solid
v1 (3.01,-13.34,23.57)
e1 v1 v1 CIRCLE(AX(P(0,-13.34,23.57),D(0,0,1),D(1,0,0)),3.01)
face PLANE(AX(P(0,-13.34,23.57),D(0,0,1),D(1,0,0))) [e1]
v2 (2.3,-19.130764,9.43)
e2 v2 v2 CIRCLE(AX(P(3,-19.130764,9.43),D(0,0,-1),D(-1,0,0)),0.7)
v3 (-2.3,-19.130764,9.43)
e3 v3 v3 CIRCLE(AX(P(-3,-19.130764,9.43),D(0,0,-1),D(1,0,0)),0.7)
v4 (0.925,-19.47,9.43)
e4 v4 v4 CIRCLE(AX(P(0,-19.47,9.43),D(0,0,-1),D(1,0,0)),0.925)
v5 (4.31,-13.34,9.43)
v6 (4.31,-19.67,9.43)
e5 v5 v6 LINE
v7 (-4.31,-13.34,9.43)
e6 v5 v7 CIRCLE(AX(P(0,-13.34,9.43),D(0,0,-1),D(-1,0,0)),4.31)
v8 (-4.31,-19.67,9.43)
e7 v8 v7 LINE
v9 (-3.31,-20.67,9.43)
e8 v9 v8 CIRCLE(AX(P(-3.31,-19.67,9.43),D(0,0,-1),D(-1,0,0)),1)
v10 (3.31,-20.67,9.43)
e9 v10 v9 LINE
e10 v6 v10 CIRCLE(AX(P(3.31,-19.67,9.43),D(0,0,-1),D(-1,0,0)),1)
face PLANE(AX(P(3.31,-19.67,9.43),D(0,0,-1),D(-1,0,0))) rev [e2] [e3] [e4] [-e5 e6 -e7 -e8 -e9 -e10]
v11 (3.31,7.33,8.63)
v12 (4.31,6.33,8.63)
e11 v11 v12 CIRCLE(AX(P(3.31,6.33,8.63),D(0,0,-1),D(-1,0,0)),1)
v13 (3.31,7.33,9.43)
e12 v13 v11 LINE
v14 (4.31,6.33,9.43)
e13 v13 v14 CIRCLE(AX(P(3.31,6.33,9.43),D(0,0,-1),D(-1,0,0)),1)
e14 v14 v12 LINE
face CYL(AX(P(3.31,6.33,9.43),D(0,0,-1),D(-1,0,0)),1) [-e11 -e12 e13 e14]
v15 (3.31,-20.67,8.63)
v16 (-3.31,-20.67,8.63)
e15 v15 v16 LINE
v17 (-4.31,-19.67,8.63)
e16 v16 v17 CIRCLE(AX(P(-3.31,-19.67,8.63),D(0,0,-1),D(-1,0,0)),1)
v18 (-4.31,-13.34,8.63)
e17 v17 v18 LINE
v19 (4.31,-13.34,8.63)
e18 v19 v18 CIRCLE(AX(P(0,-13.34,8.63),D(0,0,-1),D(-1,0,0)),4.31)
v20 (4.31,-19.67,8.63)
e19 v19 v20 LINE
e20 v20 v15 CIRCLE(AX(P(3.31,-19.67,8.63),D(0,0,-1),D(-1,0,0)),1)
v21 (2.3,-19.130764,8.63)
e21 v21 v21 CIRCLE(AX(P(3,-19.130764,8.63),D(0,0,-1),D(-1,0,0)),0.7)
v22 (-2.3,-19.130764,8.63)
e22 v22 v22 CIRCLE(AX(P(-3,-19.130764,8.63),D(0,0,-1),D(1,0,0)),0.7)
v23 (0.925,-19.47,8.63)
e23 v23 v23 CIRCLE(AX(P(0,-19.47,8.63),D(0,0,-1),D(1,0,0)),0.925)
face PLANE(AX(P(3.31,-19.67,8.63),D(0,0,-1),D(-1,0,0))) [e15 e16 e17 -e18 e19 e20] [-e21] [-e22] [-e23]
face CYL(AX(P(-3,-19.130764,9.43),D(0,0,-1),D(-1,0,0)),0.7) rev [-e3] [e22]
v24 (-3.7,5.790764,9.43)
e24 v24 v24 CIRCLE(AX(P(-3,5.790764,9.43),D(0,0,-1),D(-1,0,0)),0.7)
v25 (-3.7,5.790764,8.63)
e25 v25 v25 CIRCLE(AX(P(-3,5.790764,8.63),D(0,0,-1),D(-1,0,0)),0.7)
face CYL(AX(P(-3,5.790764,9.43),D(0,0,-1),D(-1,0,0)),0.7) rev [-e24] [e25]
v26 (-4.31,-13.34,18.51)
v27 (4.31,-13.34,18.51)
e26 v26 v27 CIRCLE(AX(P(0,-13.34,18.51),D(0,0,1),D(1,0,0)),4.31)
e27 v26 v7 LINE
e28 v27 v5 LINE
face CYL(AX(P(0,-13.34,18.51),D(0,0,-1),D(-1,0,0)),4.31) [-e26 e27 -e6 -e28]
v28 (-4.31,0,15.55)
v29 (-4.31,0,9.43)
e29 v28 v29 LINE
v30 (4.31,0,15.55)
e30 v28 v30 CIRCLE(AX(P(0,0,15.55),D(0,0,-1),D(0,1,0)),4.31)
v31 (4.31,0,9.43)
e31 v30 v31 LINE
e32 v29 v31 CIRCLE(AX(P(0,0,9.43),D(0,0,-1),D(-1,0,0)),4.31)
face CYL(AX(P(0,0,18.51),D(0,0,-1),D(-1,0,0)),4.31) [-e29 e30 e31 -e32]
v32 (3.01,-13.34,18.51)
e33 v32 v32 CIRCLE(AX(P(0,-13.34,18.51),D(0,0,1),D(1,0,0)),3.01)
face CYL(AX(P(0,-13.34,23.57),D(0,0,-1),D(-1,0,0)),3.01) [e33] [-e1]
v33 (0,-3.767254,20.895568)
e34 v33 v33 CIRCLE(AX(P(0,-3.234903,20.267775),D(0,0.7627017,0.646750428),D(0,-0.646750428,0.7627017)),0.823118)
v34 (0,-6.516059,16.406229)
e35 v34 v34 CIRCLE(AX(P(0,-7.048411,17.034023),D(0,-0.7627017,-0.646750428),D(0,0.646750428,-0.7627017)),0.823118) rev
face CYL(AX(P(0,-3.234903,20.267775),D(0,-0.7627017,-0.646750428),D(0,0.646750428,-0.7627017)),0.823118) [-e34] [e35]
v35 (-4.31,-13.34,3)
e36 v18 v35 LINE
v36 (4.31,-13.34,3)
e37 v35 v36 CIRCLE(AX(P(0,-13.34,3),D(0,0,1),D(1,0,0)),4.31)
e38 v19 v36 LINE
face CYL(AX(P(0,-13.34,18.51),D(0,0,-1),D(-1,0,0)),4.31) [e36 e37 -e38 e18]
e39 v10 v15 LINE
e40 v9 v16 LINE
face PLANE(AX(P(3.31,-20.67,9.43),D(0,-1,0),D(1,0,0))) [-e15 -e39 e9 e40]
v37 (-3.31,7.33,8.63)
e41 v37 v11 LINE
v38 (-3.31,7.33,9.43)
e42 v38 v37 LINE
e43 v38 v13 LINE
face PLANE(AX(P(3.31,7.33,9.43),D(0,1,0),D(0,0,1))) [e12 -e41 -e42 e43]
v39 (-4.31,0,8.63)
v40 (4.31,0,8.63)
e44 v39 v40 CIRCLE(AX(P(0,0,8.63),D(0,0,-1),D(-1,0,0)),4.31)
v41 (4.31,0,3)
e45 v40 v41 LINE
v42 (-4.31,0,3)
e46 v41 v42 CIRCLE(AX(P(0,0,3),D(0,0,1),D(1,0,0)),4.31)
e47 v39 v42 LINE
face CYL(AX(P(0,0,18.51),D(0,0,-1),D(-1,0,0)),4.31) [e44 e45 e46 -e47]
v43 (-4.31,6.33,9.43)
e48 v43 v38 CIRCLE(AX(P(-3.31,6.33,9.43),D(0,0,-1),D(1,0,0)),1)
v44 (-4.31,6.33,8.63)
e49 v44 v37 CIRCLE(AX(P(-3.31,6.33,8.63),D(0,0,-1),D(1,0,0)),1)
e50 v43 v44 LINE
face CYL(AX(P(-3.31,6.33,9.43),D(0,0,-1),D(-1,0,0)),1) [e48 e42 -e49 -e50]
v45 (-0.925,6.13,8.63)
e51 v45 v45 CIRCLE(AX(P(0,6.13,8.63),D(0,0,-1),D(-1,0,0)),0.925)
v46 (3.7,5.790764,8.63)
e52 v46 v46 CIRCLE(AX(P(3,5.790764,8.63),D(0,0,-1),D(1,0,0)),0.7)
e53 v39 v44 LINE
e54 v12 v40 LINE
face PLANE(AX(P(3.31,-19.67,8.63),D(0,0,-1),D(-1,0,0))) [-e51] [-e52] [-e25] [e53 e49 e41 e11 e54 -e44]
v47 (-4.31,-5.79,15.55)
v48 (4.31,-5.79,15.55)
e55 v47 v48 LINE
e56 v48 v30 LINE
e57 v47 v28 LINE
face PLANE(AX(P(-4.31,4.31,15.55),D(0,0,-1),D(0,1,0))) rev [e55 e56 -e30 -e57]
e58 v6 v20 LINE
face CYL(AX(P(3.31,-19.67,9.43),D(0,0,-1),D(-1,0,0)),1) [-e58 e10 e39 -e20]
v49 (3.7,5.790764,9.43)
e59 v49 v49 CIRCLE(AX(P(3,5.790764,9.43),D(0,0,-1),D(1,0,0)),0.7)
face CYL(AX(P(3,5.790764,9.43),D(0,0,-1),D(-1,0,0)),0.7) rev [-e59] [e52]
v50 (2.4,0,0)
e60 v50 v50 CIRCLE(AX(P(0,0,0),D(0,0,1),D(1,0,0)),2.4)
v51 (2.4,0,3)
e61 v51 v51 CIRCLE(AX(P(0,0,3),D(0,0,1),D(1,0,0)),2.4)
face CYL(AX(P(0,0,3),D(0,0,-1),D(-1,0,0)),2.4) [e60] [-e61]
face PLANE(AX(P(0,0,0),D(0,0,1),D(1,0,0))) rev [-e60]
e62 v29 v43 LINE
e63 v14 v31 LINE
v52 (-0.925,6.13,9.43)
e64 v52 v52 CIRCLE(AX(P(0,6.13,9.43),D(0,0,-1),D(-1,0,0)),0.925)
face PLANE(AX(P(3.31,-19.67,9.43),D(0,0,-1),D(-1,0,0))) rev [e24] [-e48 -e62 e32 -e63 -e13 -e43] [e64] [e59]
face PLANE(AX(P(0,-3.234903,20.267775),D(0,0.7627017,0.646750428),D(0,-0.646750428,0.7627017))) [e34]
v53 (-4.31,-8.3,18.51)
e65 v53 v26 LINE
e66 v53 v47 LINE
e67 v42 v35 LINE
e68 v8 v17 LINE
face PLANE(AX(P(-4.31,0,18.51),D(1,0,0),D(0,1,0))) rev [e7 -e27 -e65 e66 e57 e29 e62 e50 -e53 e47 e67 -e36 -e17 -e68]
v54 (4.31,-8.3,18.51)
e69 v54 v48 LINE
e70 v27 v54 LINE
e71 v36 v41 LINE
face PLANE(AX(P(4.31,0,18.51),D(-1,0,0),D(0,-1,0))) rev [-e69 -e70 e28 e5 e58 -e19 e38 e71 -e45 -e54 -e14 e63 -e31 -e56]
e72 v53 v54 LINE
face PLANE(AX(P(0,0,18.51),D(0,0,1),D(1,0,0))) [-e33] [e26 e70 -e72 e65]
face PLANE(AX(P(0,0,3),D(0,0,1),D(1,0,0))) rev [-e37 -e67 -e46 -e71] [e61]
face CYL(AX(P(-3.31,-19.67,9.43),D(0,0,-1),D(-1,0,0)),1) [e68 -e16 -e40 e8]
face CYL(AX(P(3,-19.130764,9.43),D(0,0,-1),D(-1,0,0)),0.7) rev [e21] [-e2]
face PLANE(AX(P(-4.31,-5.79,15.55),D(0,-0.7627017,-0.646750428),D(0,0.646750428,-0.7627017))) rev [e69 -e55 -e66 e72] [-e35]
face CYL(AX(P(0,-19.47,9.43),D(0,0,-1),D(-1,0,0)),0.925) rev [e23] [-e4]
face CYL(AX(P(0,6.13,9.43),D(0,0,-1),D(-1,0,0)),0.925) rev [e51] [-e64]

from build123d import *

# Parameters (mm, degrees)
SKETCH1_R               = 2.4
BOSS_EXTRUDE1_DEPTH     = 3
BOSS_EXTRUDE2_DEPTH     = 15.51
CUT_EXTRUDE1_DEPTH      = 5.31
CUT_EXTRUDE1_DEPTH_BACK = 5.31
SKETCH4_R               = 3.01
BOSS_EXTRUDE3_DEPTH     = 5.06
SKETCH5_R               = 0.925
SKETCH5_R_2             = 0.7
BOSS_EXTRUDE4_DEPTH     = 0.8
SKETCH6_R               = 0.823117729
BOSS_EXTRUDE5_DEPTH     = 5


with BuildPart() as part:
    # Sketch1 → Boss-Extrude1 (new body)
    with BuildSketch(Plane.XY):
        Circle(SKETCH1_R)
    extrude(amount=BOSS_EXTRUDE1_DEPTH)

    # Sketch2 → Boss-Extrude2 (add)
    with BuildSketch(Plane.XY.offset(3)):
        with BuildLine():
            Line((4.31, 0), (4.31, -13.34))
            ThreePointArc((4.31, -13.34), (0, -17.65), (-4.31, -13.34))
            Line((-4.31, -13.34), (-4.31, 0))
            ThreePointArc((-4.31, 0), (0, 4.31), (4.31, 0))
        make_face()
    extrude(amount=BOSS_EXTRUDE2_DEPTH)

    # Sketch3 → Cut-Extrude1 (cut, two sides)
    with BuildSketch(Plane(origin=(0, 0, 0), x_dir=(0, 0, -1), z_dir=(1, 0, 0))) as cut_extrude1_sk:
        Polygon((-18.51, 4.31), (-15.55, 4.31), (-15.55, -5.79), (-18.51, -8.3), align=None)
    extrude(amount=CUT_EXTRUDE1_DEPTH, mode=Mode.SUBTRACT)
    extrude(cut_extrude1_sk.sketch, amount=-CUT_EXTRUDE1_DEPTH_BACK, mode=Mode.SUBTRACT)

    # Sketch4 → Boss-Extrude3 (add)
    with BuildSketch(Plane.XY.offset(18.51)):
        with Locations((0, -13.34)):
            Circle(SKETCH4_R)
    extrude(amount=BOSS_EXTRUDE3_DEPTH)

    # Sketch5 → Boss-Extrude4 (add)
    with BuildSketch(Plane(origin=(0, 0, 8.63), x_dir=(-1, 0, 0), z_dir=(0, 0, -1))):
        with BuildLine():
            Line((-3.31, 7.33), (3.31, 7.33))
            ThreePointArc((3.31, 7.33), (4.017106781, 7.037106781), (4.31, 6.33))
            Line((4.31, 6.33), (4.31, -19.67))
            ThreePointArc((4.31, -19.67), (4.017106781, -20.377106781), (3.31, -20.67))
            Line((3.31, -20.67), (-3.31, -20.67))
            ThreePointArc((-3.31, -20.67), (-4.017106781, -20.377106781), (-4.31, -19.67))
            Line((-4.31, -19.67), (-4.31, 6.33))
            ThreePointArc((-4.31, 6.33), (-4.017106781, 7.037106781), (-3.31, 7.33))
        make_face()
        with Locations((0, 6.13)):
            Circle(SKETCH5_R, mode=Mode.SUBTRACT)
        with Locations((3, 5.79076381)):
            Circle(SKETCH5_R_2, mode=Mode.SUBTRACT)
        with Locations((-3, 5.79076381)):
            Circle(SKETCH5_R_2, mode=Mode.SUBTRACT)
        with Locations((3, -19.13076381)):
            Circle(SKETCH5_R_2, mode=Mode.SUBTRACT)
        with Locations((0, -19.47)):
            Circle(SKETCH5_R, mode=Mode.SUBTRACT)
        with Locations((-3, -19.13076381)):
            Circle(SKETCH5_R_2, mode=Mode.SUBTRACT)
    extrude(amount=-BOSS_EXTRUDE4_DEPTH)

    # Sketch6 → Boss-Extrude5 (add)
    with BuildSketch(Plane(origin=(0, 4.302344091, 3.64827151), x_dir=(1, 0, 0), z_dir=(0, 0.7627017, 0.646750428))):
        with Locations((0, -17.550441075)):
            Circle(SKETCH6_R)
    extrude(amount=BOSS_EXTRUDE5_DEPTH)


solid = part.part
